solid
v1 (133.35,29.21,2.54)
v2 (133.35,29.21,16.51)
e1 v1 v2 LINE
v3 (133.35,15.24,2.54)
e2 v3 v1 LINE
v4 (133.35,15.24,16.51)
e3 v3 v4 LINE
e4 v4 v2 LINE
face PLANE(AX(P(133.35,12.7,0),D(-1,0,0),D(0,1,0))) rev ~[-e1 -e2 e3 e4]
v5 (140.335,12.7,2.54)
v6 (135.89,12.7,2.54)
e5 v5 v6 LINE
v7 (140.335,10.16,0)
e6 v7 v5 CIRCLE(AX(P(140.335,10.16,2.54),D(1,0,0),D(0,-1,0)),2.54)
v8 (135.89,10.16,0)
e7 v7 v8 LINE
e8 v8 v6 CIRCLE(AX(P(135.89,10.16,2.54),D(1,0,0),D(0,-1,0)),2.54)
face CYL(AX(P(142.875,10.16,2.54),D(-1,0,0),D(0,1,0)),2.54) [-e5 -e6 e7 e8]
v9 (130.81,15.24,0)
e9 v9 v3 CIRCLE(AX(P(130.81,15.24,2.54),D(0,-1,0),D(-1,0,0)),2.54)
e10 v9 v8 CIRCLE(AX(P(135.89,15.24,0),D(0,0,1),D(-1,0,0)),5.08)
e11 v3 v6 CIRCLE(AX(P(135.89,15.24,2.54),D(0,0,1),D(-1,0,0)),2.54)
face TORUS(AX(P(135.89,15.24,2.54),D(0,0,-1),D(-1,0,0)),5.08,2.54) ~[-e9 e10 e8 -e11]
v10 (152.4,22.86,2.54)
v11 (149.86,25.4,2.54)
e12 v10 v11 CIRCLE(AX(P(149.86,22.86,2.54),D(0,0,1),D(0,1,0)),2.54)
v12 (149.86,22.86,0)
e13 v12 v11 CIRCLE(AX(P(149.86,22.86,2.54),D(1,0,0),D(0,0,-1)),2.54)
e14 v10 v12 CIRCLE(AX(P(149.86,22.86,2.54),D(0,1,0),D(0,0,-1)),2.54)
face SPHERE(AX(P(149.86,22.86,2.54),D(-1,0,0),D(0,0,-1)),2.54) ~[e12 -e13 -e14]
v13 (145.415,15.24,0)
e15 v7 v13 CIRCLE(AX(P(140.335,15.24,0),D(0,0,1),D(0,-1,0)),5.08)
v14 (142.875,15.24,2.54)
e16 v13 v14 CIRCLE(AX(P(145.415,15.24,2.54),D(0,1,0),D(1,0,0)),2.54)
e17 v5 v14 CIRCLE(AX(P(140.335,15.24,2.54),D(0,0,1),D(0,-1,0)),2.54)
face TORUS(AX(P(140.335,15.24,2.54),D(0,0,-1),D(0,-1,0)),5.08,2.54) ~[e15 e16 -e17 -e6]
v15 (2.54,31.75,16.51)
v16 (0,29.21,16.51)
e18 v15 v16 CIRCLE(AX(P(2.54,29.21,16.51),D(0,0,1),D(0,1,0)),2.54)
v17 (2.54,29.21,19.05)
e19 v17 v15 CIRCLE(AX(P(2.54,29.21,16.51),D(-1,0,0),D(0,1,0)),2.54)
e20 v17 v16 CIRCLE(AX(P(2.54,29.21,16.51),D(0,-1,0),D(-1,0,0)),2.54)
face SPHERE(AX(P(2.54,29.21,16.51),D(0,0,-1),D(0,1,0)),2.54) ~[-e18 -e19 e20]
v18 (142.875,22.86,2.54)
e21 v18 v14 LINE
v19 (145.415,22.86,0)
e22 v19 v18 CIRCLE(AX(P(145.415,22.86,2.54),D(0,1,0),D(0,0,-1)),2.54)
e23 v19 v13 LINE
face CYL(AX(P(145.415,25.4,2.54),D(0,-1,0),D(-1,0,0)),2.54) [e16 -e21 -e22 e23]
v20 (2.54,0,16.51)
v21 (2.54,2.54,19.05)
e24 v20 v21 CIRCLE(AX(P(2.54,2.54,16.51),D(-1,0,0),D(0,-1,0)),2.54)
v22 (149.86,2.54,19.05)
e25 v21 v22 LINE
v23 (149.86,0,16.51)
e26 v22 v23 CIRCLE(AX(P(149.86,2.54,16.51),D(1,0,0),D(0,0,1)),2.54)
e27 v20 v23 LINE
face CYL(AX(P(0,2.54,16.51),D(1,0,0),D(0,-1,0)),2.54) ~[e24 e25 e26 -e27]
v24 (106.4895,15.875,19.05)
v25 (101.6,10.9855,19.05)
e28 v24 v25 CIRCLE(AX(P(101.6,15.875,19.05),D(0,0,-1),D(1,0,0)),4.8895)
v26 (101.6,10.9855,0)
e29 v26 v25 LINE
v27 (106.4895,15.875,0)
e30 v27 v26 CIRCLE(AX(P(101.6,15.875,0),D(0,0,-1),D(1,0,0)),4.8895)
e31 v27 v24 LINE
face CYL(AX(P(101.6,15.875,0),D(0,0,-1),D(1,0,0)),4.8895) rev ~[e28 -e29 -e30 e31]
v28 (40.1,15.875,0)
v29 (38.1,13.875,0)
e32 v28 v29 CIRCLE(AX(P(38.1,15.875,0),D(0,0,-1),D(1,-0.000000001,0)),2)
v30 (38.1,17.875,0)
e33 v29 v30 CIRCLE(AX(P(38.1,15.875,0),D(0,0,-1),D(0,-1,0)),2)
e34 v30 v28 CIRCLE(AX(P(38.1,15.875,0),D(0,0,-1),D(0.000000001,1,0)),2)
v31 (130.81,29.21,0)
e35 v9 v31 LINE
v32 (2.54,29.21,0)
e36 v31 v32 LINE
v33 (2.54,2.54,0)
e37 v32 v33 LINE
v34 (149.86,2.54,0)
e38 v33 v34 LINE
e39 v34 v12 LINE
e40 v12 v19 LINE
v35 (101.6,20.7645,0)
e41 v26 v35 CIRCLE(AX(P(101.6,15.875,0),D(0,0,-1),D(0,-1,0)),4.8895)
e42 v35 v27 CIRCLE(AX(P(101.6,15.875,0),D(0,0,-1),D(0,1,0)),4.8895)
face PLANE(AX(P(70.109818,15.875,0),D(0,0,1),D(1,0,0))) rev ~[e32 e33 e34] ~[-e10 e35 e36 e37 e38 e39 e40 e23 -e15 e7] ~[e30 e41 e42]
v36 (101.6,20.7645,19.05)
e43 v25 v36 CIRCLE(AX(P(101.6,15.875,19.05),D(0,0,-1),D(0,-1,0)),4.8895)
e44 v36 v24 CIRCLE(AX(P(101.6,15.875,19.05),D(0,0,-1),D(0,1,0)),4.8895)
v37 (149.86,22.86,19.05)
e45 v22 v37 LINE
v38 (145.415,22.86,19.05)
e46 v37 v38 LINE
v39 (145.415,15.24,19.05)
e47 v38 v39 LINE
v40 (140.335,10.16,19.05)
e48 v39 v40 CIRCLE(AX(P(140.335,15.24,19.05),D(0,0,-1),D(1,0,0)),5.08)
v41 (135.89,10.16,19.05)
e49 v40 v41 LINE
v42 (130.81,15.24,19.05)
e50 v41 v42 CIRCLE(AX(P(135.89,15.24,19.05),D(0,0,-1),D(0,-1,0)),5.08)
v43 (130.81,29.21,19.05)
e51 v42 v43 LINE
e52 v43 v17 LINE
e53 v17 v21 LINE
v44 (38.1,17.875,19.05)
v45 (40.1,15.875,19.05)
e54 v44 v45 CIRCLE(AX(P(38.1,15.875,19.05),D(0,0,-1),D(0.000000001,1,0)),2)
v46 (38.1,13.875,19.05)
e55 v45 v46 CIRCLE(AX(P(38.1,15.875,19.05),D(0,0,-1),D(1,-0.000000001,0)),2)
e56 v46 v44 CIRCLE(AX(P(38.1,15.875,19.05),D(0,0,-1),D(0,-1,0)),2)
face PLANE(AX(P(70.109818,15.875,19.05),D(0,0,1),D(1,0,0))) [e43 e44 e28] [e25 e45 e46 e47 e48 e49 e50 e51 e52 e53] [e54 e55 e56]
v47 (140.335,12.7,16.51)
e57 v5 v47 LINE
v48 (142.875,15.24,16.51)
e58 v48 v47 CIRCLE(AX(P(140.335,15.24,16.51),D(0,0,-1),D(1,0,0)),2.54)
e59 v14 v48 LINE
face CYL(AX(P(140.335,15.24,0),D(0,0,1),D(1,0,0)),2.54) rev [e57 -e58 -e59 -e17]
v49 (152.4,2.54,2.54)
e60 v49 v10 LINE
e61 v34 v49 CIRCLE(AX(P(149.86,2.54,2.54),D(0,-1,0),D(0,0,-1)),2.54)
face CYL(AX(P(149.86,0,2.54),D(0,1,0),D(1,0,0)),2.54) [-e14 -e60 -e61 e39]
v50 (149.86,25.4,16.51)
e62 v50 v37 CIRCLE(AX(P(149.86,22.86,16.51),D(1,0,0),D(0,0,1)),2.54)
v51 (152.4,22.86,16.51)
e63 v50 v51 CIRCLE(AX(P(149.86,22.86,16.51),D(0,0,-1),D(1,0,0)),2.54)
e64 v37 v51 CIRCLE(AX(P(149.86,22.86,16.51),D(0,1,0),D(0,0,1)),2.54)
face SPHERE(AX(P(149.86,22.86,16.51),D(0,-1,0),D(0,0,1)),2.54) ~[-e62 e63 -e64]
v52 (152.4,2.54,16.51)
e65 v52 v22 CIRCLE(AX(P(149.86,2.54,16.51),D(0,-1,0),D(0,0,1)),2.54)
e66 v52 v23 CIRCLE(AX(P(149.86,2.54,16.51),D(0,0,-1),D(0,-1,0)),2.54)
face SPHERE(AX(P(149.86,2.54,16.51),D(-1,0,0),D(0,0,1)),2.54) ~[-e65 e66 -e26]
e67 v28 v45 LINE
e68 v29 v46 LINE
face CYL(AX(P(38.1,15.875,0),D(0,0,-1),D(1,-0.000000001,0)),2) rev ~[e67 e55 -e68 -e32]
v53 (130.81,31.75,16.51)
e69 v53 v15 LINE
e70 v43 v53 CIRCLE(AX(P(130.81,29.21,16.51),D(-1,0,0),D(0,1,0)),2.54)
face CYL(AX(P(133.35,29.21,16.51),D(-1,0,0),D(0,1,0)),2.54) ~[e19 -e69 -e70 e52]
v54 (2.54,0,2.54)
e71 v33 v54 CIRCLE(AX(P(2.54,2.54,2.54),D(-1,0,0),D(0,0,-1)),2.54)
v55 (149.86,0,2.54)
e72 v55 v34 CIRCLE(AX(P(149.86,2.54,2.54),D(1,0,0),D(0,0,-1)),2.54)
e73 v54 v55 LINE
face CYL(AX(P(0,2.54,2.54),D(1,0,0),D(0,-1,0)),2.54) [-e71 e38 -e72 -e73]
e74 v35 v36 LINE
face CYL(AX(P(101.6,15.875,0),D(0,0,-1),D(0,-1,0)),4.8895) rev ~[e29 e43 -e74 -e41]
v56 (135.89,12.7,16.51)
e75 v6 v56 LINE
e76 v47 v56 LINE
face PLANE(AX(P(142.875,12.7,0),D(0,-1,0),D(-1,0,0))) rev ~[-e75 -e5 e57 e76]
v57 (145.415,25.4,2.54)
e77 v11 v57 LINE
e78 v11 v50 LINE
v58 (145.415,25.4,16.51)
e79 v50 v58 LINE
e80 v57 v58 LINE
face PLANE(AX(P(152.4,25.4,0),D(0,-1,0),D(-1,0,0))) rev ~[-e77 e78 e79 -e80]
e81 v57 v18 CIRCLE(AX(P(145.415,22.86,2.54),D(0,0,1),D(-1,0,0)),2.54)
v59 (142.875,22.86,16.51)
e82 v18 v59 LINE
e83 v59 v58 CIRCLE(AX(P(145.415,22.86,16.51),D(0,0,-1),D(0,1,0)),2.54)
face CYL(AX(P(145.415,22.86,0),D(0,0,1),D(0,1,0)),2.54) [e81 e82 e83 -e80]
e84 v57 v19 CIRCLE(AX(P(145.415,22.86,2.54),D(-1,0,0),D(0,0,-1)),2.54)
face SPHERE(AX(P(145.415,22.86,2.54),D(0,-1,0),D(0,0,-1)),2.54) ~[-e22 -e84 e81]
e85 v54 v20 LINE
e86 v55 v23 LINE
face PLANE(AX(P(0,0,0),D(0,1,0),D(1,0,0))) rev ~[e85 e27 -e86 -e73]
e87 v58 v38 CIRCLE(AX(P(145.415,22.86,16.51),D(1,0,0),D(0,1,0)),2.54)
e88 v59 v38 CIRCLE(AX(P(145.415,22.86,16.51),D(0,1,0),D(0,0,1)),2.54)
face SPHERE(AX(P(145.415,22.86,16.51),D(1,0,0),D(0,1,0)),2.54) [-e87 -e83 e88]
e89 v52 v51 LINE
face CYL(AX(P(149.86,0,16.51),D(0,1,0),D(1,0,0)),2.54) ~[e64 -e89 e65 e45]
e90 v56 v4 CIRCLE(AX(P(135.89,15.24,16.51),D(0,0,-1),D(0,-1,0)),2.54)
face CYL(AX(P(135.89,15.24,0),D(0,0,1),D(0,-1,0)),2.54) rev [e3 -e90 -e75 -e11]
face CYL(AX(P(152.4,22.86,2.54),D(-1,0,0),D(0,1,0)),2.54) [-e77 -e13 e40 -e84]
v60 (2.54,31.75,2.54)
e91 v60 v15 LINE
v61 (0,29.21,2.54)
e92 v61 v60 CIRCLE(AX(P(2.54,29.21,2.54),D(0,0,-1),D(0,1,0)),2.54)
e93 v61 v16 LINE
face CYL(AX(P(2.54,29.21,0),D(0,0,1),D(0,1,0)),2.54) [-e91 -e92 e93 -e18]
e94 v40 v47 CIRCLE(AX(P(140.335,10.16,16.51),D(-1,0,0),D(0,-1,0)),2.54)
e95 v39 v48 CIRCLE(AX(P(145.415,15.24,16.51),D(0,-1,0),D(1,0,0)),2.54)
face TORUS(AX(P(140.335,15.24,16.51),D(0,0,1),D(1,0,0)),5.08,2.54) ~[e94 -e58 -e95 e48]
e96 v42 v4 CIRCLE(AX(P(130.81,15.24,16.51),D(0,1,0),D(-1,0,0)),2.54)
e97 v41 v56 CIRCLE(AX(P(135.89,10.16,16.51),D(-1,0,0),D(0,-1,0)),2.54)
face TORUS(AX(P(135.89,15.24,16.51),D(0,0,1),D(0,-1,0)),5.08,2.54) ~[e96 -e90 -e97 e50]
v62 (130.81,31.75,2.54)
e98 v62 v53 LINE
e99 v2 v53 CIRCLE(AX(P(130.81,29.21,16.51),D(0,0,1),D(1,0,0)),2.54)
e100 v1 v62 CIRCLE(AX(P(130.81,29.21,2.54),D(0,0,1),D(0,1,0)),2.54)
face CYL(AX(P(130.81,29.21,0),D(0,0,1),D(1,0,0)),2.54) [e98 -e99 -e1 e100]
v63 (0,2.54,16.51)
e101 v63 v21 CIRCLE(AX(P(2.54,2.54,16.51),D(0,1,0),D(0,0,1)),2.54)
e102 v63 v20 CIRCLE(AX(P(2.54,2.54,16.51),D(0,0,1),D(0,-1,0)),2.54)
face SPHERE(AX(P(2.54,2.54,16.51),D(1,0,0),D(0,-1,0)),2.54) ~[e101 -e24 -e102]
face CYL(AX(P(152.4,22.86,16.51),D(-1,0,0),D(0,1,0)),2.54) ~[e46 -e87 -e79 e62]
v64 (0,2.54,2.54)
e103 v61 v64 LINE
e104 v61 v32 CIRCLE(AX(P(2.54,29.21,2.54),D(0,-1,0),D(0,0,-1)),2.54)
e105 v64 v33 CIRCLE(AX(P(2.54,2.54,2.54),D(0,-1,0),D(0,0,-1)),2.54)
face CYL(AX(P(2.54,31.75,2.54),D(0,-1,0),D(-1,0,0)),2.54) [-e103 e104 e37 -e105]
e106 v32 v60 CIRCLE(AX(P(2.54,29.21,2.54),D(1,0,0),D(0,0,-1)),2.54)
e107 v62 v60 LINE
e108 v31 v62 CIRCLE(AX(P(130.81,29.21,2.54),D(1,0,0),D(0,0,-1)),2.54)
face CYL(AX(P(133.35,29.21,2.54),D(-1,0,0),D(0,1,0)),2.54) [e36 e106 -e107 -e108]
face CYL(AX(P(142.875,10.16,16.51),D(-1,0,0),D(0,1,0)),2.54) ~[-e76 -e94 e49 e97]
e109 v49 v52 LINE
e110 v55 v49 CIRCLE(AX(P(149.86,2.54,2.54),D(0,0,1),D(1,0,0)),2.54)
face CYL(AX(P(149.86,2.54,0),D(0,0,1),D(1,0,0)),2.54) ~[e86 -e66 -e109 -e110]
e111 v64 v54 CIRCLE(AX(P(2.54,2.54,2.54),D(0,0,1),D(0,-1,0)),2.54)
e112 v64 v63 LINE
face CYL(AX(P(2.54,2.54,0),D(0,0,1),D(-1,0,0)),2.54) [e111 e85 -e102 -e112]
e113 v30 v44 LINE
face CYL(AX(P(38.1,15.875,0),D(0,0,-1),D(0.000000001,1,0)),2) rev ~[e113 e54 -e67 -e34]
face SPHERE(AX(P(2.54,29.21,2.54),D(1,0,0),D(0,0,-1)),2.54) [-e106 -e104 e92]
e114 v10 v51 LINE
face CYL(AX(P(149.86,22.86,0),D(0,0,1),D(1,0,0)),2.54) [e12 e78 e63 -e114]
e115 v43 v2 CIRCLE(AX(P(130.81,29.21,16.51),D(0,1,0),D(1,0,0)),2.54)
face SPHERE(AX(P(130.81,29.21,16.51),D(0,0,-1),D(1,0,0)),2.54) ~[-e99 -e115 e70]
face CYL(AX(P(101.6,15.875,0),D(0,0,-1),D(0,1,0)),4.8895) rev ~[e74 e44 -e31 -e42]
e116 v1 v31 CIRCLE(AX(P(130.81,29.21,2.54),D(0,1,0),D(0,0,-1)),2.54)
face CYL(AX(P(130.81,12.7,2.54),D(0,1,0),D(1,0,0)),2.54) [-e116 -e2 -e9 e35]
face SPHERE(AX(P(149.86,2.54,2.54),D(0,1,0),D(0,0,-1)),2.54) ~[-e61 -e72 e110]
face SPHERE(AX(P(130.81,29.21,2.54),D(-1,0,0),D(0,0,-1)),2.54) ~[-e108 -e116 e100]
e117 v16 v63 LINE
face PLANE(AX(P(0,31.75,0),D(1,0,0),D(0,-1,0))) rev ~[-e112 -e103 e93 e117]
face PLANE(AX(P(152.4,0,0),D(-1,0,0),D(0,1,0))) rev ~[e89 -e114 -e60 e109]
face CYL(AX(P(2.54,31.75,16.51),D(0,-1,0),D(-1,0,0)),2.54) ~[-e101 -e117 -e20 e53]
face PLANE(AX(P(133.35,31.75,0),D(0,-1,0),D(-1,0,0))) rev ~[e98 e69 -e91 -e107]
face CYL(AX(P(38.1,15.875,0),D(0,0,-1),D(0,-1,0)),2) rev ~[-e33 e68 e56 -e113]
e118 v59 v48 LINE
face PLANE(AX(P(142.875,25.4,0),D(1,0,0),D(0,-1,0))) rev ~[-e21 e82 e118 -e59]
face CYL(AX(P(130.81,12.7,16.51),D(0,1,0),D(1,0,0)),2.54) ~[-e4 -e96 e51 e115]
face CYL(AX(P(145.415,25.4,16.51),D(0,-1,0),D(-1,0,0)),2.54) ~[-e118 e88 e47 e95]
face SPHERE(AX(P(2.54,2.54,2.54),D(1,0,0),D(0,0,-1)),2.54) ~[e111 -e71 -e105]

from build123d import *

# Parameters (mm, degrees)
BOSS_EXTRUDE1_DEPTH = 19.05
FILLET2_R           = 2.54


with BuildPart() as part:
    # Sketch1 → Boss-Extrude1 (new body)
    with BuildSketch(Plane.XY):
        with BuildLine():
            ThreePointArc((101.6, 10.9855), (96.7105, 15.875), (101.6, 20.7645))
            Line((101.6, 20.7645), (101.6, 31.75))
            Line((101.6, 31.75), (38.1, 31.75))
            Line((38.1, 31.75), (38.1, 17.875))
            ThreePointArc((38.1, 17.875), (39.514213562, 17.289213562), (40.1, 15.875))
            ThreePointArc((40.1, 15.875), (39.514213562, 14.460786438), (38.1, 13.875))
            Line((38.1, 13.875), (38.1, 0))
            Line((38.1, 0), (101.6, 0))
            Line((101.6, 0), (101.6, 10.9855))
        make_face()
        with BuildLine():
            Line((101.6, 31.75), (101.6, 20.7645))
            ThreePointArc((101.6, 20.7645), (105.057398607, 19.332398607), (106.4895, 15.875))
            ThreePointArc((106.4895, 15.875), (105.057398607, 12.417601393), (101.6, 10.9855))
            Line((101.6, 10.9855), (101.6, 0))
            Line((101.6, 0), (152.4, 0))
            Line((152.4, 0), (152.4, 25.4))
            Line((152.4, 25.4), (142.875, 25.4))
            Line((142.875, 25.4), (142.875, 12.7))
            Line((142.875, 12.7), (133.35, 12.7))
            Line((133.35, 12.7), (133.35, 31.75))
            Line((133.35, 31.75), (101.6, 31.75))
        make_face()
        with BuildLine():
            Line((38.1, 17.875), (38.1, 31.75))
            Line((38.1, 31.75), (0, 31.75))
            Line((0, 31.75), (0, 0))
            Line((0, 0), (38.1, 0))
            Line((38.1, 0), (38.1, 13.875))
            ThreePointArc((38.1, 13.875), (36.1, 15.875), (38.1, 17.875))
        make_face()
    extrude(amount=BOSS_EXTRUDE1_DEPTH)

    # Fillet2
    fillet2_edges = [part.edges().sort_by_distance(p)[0] for p in [
        (76.2, 0, 19.05),
        (66.675, 31.75, 0),
        (133.35, 22.225, 0),
        (138.1125, 12.7, 0),
        (142.875, 19.05, 0),
        (147.6375, 25.4, 0),
        (152.4, 12.7, 0),
        (152.4, 12.7, 19.05),
        (76.2, 0, 0),
        (0, 15.875, 0),
        (147.6375, 25.4, 19.05),
        (0, 31.75, 9.525),
        (133.35, 31.75, 9.525),
        (133.35, 12.7, 9.525),
        (142.875, 12.7, 9.525),
        (142.875, 25.4, 9.525),
        (152.4, 25.4, 9.525),
        (152.4, 0, 9.525),
        (0, 0, 9.525),
        (142.875, 19.05, 19.05),
        (138.1125, 12.7, 19.05),
        (133.35, 22.225, 19.05),
        (66.675, 31.75, 19.05),
        (0, 15.875, 19.05),
    ]]
    fillet(fillet2_edges, radius=FILLET2_R)


solid = part.part
